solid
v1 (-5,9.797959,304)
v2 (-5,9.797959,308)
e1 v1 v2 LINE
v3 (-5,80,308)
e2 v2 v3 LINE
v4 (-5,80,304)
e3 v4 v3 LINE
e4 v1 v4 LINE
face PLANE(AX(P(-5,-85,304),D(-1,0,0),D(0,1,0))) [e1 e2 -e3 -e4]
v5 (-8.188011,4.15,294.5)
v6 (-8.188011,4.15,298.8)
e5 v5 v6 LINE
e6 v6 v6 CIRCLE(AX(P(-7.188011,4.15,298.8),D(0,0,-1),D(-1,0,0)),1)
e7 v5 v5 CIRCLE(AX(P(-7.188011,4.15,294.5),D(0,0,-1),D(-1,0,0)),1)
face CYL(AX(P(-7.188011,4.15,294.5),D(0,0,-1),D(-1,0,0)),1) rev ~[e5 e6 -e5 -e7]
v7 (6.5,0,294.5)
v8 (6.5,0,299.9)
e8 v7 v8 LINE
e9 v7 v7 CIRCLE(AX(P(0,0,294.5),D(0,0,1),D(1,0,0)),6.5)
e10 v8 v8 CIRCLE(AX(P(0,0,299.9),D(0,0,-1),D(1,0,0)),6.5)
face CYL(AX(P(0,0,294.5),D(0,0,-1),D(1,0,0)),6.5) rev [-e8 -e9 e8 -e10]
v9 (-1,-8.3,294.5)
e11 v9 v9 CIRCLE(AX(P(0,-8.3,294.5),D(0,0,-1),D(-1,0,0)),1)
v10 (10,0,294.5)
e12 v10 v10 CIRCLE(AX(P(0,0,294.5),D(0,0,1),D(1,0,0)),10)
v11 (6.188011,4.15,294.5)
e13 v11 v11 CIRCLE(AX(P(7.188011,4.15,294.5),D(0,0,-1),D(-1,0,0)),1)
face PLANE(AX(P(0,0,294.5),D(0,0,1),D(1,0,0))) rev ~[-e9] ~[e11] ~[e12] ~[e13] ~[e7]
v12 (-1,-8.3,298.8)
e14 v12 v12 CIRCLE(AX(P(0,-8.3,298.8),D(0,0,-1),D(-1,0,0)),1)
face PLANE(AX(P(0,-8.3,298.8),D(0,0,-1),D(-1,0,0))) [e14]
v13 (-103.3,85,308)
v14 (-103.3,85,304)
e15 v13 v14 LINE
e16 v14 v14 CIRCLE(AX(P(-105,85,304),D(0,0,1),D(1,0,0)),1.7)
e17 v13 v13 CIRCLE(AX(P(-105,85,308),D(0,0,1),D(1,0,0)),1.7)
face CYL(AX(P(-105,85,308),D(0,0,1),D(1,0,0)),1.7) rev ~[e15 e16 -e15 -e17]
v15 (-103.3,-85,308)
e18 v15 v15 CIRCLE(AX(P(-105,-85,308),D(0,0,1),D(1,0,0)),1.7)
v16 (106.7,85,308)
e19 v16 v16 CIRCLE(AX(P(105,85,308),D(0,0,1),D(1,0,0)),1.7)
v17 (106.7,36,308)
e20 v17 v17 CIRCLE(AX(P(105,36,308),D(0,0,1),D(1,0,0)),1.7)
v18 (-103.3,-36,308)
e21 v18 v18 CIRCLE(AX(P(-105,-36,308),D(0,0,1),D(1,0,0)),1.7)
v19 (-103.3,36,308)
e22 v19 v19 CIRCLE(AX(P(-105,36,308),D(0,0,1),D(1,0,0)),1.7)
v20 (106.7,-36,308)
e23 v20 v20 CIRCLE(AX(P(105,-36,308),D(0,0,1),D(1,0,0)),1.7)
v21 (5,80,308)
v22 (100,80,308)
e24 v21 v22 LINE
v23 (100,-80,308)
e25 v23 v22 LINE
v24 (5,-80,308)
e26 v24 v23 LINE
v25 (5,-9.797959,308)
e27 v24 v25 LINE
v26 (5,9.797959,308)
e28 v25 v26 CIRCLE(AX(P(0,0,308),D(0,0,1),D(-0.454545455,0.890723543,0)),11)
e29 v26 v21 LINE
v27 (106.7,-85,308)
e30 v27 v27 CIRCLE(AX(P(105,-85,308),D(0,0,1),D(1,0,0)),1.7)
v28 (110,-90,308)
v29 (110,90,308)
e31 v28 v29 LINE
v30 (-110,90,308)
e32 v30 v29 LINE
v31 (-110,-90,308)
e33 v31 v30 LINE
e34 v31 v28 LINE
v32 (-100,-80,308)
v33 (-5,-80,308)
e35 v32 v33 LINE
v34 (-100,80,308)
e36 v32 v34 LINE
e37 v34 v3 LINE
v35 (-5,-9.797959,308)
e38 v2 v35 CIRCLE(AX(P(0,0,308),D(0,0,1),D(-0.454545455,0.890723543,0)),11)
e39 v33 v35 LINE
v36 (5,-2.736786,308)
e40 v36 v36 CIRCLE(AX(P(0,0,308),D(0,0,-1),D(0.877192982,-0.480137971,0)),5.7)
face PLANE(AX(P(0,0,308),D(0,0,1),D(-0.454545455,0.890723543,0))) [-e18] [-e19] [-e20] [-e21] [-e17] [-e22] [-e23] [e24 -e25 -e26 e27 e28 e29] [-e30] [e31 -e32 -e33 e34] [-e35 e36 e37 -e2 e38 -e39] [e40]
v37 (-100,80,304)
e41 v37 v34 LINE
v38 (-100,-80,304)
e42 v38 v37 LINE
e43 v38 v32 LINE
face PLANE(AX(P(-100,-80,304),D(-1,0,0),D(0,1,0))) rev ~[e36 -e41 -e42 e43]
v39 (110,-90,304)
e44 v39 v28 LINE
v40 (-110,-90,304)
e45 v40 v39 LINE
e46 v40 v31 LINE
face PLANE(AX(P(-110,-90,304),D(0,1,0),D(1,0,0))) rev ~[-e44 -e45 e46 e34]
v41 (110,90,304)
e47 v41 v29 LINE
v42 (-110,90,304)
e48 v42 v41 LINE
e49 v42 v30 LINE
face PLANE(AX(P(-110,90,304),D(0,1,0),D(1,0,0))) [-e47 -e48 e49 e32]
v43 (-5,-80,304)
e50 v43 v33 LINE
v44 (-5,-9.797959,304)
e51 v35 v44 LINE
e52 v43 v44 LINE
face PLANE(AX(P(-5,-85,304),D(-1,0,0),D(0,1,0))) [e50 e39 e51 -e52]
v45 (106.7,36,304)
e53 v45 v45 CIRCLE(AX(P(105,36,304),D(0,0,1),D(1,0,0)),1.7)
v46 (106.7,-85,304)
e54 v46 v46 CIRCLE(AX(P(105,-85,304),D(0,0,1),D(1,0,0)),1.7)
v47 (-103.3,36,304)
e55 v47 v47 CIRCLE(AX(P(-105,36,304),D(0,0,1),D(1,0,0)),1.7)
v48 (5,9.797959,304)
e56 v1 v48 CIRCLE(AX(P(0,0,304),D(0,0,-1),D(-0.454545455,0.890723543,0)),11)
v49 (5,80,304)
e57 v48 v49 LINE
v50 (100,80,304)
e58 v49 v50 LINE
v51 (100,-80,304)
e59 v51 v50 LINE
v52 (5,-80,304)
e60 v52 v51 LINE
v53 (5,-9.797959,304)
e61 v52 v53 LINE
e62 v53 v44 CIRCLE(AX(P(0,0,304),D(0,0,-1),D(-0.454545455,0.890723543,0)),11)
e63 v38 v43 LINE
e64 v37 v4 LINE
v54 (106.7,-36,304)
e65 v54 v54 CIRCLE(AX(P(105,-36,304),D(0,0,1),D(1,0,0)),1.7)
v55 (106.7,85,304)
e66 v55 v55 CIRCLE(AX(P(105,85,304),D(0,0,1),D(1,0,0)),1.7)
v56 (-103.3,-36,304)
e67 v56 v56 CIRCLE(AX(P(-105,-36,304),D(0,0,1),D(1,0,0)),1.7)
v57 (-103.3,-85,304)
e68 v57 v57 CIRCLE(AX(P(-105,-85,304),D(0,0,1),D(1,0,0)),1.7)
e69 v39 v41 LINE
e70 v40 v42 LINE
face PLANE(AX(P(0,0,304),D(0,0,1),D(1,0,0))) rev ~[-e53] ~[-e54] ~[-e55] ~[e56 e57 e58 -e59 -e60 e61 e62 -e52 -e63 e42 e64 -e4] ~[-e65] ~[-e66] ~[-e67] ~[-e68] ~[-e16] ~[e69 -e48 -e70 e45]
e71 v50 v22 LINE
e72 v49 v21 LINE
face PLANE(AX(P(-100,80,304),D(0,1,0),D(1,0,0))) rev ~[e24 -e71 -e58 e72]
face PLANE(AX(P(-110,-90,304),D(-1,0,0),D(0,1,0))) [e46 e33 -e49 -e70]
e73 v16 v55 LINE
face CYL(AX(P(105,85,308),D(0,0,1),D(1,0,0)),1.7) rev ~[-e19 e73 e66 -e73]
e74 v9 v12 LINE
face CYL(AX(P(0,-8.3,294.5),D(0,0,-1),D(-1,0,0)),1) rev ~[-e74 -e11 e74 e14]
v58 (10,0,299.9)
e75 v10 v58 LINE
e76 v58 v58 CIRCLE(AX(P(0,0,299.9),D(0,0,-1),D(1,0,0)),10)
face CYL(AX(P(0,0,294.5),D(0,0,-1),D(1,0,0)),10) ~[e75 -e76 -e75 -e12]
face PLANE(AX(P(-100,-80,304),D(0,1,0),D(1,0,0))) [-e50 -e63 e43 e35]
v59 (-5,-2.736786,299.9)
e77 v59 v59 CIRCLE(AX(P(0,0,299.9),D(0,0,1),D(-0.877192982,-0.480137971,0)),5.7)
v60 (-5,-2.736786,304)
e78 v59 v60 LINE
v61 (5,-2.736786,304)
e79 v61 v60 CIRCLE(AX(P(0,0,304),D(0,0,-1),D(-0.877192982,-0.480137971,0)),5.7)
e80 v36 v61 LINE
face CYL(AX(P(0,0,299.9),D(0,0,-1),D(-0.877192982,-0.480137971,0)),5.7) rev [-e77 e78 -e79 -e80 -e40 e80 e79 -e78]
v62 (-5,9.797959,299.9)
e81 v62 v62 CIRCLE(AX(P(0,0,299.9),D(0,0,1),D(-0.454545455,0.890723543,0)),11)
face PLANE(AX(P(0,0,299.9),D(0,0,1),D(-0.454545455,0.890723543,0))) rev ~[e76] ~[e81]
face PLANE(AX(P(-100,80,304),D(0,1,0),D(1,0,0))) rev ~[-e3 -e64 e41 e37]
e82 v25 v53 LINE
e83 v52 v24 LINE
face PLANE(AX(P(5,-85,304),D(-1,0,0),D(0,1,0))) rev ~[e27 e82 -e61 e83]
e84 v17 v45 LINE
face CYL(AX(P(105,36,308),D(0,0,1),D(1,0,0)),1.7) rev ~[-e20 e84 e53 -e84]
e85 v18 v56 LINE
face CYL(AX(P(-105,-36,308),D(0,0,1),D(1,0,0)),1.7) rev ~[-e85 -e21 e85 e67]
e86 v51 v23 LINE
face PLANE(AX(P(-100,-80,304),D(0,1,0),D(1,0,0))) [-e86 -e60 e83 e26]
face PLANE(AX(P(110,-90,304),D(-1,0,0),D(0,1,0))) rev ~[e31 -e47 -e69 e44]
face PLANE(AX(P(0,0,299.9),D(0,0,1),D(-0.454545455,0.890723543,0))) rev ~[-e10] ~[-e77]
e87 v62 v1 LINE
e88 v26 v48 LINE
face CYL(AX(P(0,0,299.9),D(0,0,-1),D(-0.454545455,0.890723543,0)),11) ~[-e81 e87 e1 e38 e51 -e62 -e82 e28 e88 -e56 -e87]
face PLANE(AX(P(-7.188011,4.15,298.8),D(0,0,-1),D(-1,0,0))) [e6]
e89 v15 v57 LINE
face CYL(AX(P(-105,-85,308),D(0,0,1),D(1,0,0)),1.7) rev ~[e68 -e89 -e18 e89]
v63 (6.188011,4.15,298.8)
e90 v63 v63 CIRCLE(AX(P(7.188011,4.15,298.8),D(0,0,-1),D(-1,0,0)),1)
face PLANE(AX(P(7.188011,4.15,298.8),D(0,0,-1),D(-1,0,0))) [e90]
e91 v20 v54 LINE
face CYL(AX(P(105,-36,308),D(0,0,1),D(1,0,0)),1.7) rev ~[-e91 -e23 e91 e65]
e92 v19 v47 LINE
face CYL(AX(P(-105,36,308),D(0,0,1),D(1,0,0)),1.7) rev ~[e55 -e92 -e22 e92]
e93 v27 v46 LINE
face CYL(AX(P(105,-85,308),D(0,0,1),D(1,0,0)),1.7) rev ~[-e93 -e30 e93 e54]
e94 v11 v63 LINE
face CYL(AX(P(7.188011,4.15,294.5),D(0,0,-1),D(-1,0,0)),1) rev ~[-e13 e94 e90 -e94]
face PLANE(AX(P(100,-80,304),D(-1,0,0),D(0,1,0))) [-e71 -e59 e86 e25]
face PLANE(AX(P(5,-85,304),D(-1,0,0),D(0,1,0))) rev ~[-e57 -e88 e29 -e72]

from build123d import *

# Parameters (mm, degrees)
UPPER_PERIMETER_START                         = 304
SKETCH1_W                                     = 220
SKETCH1_H                                     = 180
SKETCH1_W_2                                   = 200
SKETCH1_H_2                                   = 160
UPPER_PERIMETER_DEPTH                         = 4
BEARING_SPINE_START                           = 304
SKETCH2_W                                     = 10
SKETCH2_H                                     = 170
BEARING_SPINE_DEPTH                           = 4
UPPER_OUTER_RACE_STOP_START                   = 299.9
SKETCH3_R                                     = 11
SKETCH3_R_2                                   = 5.7
UPPER_OUTER_RACE_STOP_DEPTH                   = 8.1
FLOATING_OUTER_RACE_SEAT_START                = 294.5
SKETCH4_R                                     = 10
SKETCH4_R_2                                   = 6.5
FLOATING_OUTER_RACE_SEAT_DEPTH                = 5.41
SHAFT_CLIP_CLEARANCE_START                    = -8.11
SKETCH5_R                                     = 5.7
SHAFT_CLIP_CLEARANCE_DEPTH                    = 8.11
SKETCH6_R                                     = 1.7
FOUR_TIE_ROD_CLEARANCE_DEPTH                  = 4.01
SKETCH7_R                                     = 1
THREE_M2_TOP_CAP_THREAD_MAJOR_ENVELOPES_DEPTH = 4.3
SKETCH8_R                                     = 1.7
BENCH_MOTOR_CROSSBEAM_FOUR_D3P4_DEPTH         = 4.01


with BuildPart() as part:
    # Sketch1 → Upper_Perimeter (new body)
    with BuildSketch(Plane.XY.offset(UPPER_PERIMETER_START)):
        Rectangle(SKETCH1_W, SKETCH1_H)
        Rectangle(SKETCH1_W_2, SKETCH1_H_2, mode=Mode.SUBTRACT)
    extrude(amount=UPPER_PERIMETER_DEPTH)

    # Sketch2 → Bearing_Spine (add)
    with BuildSketch(Plane.XY.offset(BEARING_SPINE_START)):
        Rectangle(SKETCH2_W, SKETCH2_H)
    extrude(amount=BEARING_SPINE_DEPTH)

    # Sketch3 → Upper_Outer_Race_Stop (add)
    with BuildSketch(Plane.XY.offset(UPPER_OUTER_RACE_STOP_START)):
        with Locations(Location((0, 0, 0), (0, 0, 117.035691789))):
            Circle(SKETCH3_R)
        with Locations(Location((0, 0, 0), (0, 0, 208.694413527))):
            Circle(SKETCH3_R_2, mode=Mode.SUBTRACT)
    extrude(amount=UPPER_OUTER_RACE_STOP_DEPTH)

    # Sketch4 → Floating_Outer_Race_Seat (add)
    with BuildSketch(Plane.XY.offset(FLOATING_OUTER_RACE_SEAT_START)):
        Circle(SKETCH4_R)
        Circle(SKETCH4_R_2, mode=Mode.SUBTRACT)
    extrude(amount=FLOATING_OUTER_RACE_SEAT_DEPTH)

    # Sketch5 → Shaft_Clip_Clearance (cut)
    with BuildSketch(Plane.XY.offset(308).offset(SHAFT_CLIP_CLEARANCE_START)):
        Circle(SKETCH5_R)
    extrude(amount=SHAFT_CLIP_CLEARANCE_DEPTH, mode=Mode.SUBTRACT)

    # Sketch6 → Four_Tie_Rod_Clearance (cut)
    with BuildSketch(Plane.XY.offset(308)):
        with Locations((-105, -85)):
            Circle(SKETCH6_R)
        with Locations((-105, 85)):
            Circle(SKETCH6_R)
        with Locations((105, -85)):
            Circle(SKETCH6_R)
        with Locations((105, 85)):
            Circle(SKETCH6_R)
    extrude(amount=-FOUR_TIE_ROD_CLEARANCE_DEPTH, mode=Mode.SUBTRACT)

    # Sketch7 → Three_M2_Top_Cap_Thread_Major_Envelopes (cut)
    with BuildSketch(Plane(origin=(0, 0, 294.5), x_dir=(-1, 0, 0), z_dir=(0, 0, -1))):
        with Locations((-7.188010851, 4.15)):
            Circle(SKETCH7_R)
        with Locations((7.188010851, 4.15)):
            Circle(SKETCH7_R)
        with Locations((0, -8.3)):
            Circle(SKETCH7_R)
    extrude(amount=-THREE_M2_TOP_CAP_THREAD_MAJOR_ENVELOPES_DEPTH, mode=Mode.SUBTRACT)

    # Sketch8 → Bench_Motor_Crossbeam_Four_D3p4 (cut)
    with BuildSketch(Plane.XY.offset(308)):
        with Locations((-105, -36)):
            Circle(SKETCH8_R)
        with Locations((-105, 36)):
            Circle(SKETCH8_R)
        with Locations((105, -36)):
            Circle(SKETCH8_R)
        with Locations((105, 36)):
            Circle(SKETCH8_R)
    extrude(amount=-BENCH_MOTOR_CROSSBEAM_FOUR_D3P4_DEPTH, mode=Mode.SUBTRACT)


solid = part.part
